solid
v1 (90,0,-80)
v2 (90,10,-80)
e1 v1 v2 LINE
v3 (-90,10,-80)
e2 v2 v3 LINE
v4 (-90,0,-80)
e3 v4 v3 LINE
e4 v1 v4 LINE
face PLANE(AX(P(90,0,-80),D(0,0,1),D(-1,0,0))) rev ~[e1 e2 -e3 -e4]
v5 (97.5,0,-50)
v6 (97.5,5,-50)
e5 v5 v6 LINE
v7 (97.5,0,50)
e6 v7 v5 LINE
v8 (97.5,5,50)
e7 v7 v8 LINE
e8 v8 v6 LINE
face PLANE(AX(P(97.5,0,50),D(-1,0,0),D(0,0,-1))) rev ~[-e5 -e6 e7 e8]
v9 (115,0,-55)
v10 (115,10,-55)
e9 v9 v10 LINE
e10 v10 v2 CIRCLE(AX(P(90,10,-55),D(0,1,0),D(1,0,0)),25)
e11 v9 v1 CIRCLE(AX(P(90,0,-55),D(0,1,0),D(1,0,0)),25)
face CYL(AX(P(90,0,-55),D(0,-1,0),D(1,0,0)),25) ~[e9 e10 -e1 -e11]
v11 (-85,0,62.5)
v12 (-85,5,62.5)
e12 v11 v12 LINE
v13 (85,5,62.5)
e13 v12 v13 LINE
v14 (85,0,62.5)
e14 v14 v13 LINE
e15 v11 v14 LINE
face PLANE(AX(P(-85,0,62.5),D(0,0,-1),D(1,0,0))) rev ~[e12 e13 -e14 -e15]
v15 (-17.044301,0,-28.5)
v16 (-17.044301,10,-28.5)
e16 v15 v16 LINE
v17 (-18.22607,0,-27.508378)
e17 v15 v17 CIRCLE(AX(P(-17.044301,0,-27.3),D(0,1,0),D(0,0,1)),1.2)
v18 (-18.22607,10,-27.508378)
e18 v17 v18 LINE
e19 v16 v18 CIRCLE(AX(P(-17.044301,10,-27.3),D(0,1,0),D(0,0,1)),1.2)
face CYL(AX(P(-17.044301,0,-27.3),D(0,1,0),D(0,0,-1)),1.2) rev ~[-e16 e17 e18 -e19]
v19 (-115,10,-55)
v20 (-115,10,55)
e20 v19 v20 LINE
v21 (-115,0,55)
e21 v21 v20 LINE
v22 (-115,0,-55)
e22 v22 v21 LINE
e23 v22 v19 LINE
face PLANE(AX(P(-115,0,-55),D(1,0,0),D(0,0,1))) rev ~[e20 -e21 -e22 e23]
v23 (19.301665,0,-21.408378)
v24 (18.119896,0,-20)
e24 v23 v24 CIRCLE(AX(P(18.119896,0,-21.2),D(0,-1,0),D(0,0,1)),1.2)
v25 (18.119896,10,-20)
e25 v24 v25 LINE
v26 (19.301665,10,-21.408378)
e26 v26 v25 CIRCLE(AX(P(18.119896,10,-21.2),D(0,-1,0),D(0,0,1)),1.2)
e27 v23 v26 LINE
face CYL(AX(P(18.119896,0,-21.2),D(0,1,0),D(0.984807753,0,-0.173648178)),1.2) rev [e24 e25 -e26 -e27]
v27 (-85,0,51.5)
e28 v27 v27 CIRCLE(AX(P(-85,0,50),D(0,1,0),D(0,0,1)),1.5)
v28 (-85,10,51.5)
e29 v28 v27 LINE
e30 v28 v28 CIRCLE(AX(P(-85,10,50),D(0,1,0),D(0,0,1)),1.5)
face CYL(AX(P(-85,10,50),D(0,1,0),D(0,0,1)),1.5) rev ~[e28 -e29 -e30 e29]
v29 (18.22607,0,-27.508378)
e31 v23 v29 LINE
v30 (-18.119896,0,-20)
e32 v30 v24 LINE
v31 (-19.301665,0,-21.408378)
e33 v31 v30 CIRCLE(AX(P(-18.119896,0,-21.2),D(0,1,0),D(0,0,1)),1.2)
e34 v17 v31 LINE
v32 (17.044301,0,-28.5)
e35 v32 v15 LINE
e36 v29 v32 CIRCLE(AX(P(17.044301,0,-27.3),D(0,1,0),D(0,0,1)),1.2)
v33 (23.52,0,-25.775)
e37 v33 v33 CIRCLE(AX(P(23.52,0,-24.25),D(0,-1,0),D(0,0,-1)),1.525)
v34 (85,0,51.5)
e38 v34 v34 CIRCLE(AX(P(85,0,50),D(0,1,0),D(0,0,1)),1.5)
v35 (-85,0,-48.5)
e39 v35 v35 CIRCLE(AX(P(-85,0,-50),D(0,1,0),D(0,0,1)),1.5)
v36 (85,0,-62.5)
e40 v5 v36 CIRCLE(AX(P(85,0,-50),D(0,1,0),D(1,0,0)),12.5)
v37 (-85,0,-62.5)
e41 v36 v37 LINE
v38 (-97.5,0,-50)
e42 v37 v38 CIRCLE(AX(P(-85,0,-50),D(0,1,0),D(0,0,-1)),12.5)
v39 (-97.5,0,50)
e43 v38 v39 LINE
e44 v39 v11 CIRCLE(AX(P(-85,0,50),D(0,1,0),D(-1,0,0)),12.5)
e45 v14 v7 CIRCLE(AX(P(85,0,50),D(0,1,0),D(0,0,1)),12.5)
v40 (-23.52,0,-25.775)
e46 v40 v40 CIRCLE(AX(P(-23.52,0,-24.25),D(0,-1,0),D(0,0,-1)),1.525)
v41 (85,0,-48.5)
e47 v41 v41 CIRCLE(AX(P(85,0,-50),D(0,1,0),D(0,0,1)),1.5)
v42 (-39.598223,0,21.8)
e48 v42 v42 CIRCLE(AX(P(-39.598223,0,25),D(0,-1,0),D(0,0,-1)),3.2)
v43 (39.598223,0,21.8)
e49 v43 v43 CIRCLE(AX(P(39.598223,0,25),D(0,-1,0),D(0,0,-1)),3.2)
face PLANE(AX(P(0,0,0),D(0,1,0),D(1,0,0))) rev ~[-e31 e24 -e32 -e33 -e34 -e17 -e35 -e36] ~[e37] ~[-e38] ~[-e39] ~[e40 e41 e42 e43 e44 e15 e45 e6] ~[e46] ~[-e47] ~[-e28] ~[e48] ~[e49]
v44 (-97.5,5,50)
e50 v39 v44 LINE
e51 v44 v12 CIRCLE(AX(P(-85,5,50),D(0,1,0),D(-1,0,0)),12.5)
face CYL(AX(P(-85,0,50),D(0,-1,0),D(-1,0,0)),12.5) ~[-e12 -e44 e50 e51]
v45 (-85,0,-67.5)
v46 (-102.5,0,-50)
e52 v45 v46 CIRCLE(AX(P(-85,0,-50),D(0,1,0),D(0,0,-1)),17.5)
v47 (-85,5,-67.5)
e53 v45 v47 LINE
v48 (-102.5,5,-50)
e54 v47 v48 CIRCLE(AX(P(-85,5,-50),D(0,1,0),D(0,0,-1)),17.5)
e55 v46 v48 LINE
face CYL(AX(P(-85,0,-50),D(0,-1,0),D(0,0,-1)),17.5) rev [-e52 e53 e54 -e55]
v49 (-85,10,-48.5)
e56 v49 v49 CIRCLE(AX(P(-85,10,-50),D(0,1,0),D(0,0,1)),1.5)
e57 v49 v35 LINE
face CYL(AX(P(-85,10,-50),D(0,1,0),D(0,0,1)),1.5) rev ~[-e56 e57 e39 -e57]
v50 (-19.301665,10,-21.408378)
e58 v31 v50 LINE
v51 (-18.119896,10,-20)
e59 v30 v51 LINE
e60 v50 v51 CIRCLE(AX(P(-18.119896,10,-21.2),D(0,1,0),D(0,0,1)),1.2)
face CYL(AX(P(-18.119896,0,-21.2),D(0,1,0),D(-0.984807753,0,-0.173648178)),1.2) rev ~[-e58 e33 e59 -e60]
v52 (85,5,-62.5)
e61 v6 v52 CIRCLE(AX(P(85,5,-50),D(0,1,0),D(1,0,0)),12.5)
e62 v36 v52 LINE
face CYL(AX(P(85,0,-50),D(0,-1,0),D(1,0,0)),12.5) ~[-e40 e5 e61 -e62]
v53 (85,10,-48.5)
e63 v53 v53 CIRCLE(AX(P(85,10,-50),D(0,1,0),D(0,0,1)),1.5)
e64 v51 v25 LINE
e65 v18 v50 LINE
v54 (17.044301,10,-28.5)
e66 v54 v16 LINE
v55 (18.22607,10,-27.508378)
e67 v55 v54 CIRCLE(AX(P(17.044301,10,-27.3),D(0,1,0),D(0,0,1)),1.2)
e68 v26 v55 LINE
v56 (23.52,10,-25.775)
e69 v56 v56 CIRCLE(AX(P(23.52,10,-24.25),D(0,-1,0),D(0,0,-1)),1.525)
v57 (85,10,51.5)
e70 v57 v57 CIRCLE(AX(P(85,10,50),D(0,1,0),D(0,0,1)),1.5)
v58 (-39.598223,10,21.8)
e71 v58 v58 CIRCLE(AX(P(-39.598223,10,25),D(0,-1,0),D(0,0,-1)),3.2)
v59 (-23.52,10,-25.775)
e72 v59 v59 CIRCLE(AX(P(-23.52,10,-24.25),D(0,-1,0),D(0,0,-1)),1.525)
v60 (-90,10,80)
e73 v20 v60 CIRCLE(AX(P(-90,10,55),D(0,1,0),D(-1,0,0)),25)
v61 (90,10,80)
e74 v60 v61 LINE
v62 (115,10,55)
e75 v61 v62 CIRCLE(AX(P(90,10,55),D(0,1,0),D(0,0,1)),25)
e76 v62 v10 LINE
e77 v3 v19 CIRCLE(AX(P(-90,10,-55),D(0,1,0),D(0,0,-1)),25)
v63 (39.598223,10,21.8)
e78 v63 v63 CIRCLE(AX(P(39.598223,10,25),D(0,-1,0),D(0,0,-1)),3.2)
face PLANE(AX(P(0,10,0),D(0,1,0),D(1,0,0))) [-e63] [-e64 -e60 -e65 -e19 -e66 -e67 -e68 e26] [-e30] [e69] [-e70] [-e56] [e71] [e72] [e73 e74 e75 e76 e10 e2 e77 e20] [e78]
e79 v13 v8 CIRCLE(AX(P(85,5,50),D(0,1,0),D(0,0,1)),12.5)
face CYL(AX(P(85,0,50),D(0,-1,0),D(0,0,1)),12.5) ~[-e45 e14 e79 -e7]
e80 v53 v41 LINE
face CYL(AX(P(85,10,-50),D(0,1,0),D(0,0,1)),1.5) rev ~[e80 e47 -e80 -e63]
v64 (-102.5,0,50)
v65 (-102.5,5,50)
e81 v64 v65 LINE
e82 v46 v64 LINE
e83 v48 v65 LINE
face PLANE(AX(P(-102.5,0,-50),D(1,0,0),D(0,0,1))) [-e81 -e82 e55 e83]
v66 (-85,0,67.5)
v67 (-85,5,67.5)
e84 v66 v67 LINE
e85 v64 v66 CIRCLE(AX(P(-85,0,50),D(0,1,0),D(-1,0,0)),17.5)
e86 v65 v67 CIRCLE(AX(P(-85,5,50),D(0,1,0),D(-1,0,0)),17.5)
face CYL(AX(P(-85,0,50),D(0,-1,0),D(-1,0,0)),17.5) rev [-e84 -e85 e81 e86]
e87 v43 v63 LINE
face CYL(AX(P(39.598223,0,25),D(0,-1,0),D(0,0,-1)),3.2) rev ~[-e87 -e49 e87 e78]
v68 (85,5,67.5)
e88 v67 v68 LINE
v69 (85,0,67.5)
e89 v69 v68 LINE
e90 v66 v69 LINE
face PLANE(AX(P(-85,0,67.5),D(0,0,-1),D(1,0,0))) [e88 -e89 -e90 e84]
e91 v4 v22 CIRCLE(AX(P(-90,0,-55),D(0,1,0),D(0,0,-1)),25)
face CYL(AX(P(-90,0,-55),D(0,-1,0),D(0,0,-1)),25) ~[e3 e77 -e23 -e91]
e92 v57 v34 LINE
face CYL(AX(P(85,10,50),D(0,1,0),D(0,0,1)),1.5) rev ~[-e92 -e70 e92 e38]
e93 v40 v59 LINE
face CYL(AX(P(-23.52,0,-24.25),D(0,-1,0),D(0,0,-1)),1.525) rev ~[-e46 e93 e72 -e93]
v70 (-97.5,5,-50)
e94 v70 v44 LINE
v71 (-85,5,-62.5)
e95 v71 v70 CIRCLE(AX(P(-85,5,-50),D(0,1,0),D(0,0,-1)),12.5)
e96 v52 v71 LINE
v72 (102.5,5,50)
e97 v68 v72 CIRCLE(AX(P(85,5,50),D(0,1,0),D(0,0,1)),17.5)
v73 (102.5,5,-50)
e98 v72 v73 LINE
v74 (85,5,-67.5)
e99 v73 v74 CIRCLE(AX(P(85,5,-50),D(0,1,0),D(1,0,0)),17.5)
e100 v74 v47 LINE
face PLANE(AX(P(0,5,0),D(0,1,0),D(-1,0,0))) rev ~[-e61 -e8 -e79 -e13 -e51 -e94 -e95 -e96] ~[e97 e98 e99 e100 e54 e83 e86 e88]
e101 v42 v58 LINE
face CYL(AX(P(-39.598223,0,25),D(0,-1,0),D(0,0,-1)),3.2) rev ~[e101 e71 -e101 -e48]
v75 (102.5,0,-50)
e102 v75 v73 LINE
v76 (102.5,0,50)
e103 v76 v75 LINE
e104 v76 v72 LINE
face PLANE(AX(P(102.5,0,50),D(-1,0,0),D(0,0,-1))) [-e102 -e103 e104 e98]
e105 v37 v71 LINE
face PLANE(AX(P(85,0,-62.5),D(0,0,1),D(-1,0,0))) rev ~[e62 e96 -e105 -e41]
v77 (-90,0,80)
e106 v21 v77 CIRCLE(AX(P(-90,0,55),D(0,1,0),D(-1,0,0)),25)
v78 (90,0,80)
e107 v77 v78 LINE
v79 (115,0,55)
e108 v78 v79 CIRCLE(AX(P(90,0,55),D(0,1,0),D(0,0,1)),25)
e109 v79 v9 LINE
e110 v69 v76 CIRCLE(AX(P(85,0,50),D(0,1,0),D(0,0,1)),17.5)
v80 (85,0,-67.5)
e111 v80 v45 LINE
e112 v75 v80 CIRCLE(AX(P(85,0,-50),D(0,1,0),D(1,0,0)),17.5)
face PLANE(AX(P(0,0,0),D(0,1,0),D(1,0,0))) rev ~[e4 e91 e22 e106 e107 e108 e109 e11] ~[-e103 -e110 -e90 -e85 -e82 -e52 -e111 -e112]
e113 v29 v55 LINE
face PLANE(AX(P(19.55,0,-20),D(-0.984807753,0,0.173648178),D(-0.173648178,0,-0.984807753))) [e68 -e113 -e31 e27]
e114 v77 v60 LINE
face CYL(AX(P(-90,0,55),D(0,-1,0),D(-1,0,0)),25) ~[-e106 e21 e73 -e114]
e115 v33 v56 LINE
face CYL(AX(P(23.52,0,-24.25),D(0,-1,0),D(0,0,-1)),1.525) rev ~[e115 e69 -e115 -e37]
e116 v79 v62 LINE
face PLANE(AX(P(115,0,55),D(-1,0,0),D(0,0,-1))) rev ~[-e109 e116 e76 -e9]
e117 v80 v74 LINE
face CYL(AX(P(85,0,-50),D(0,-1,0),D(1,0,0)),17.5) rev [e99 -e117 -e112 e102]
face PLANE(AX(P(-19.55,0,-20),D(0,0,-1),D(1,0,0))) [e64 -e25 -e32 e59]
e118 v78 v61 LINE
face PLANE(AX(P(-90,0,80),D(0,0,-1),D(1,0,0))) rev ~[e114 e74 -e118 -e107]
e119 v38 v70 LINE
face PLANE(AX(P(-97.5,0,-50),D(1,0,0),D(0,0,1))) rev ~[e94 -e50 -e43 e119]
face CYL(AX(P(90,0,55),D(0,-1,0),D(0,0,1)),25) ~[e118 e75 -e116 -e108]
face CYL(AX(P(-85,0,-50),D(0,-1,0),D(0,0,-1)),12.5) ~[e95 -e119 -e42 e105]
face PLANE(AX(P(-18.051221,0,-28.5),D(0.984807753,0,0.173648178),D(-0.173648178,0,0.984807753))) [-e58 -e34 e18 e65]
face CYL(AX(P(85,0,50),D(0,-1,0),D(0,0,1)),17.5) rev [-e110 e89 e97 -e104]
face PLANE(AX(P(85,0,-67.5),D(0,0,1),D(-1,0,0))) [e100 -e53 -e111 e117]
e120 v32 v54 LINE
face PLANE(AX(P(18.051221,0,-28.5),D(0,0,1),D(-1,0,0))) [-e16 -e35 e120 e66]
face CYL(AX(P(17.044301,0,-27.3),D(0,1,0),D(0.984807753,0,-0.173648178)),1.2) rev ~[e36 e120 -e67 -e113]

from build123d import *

# Parameters (mm, degrees)
BOSS_EXTRUDE1_DEPTH     = 10
SKETCH3_R               = 1.5
CUT_EXTRUDE1_DEPTH      = 10
SKETCH5_R               = 1.525
SKETCH5_R_2             = 3.2
CUT_EXTRUDE2_DEPTH      = 10
FILLET1_R               = 1.2
CUT_EXTRUDE_THIN1_DEPTH = 5


with BuildPart() as part:
    # Sketch1 → Boss-Extrude1 (new body)
    with BuildSketch(Plane(origin=(0, 0, 0), x_dir=(1, 0, 0), z_dir=(0, 1, 0))):
        with BuildLine():
            Line((-90, -80), (90, -80))
            ThreePointArc((90, -80), (107.67766953, -72.67766953), (115, -55))
            Line((115, -55), (115, 55))
            ThreePointArc((115, 55), (107.67766953, 72.67766953), (90, 80))
            Line((90, 80), (-90, 80))
            ThreePointArc((-90, 80), (-107.67766953, 72.67766953), (-115, 55))
            Line((-115, 55), (-115, -55))
            ThreePointArc((-115, -55), (-107.67766953, -72.67766953), (-90, -80))
        make_face()
    extrude(amount=BOSS_EXTRUDE1_DEPTH)

    # Sketch3 → Cut-Extrude1 (cut)
    with BuildSketch(Plane(origin=(0, 10, 0), x_dir=(1, 0, 0), z_dir=(0, 1, 0))):
        with Locations(Location((-85, 50, 0), (0, 0, 270))):
            Circle(SKETCH3_R)
        with Locations(Location((85, 50, 0), (0, 0, 270))):
            Circle(SKETCH3_R)
        with Locations(Location((85, -50, 0), (0, 0, 270))):
            Circle(SKETCH3_R)
        with Locations(Location((-85, -50, 0), (0, 0, 270))):
            Circle(SKETCH3_R)
    extrude(amount=-CUT_EXTRUDE1_DEPTH, mode=Mode.SUBTRACT)

    # Sketch5 → Cut-Extrude2 (cut)
    with BuildSketch(Plane.XZ):
        with Locations(Location((23.52, -24.25, 0), (0, 0, 270))):
            Circle(SKETCH5_R)
        with Locations(Location((-23.52, -24.25, 0), (0, 0, 270))):
            Circle(SKETCH5_R)
        with Locations(Location((-39.598222878, 25, 0), (0, 0, 270))):
            Circle(SKETCH5_R_2)
        with Locations(Location((39.598222878, 25, 0), (0, 0, 270))):
            Circle(SKETCH5_R_2)
        Polygon((19.55, -20), (18.051220664, -28.5), (-18.051220664, -28.5), (-19.55, -20), align=None)
    extrude(amount=-CUT_EXTRUDE2_DEPTH, mode=Mode.SUBTRACT)

    # Fillet1
    fillet1_edges = [part.edges().sort_by_distance(p)[0] for p in [
        (-18.051220664, 5, -28.5),
        (-19.55, 5, -20),
        (19.55, 5, -20),
        (18.051220664, 5, -28.5),
    ]]
    fillet(fillet1_edges, radius=FILLET1_R)

    # Sketch7 → Cut-Extrude-Thin1 (cut)
    with BuildSketch(Plane.XZ):
        with BuildLine():
            Line((-85, 67.5), (85, 67.5))
            ThreePointArc((85, 67.5), (97.374368671, 62.374368671), (102.5, 50))
            Line((102.5, 50), (102.5, -50))
            ThreePointArc((102.5, -50), (97.374368671, -62.374368671), (85, -67.5))
            Line((85, -67.5), (-85, -67.5))
            ThreePointArc((-85, -67.5), (-97.374368671, -62.374368671), (-102.5, -50))
            Line((-102.5, -50), (-102.5, 50))
            ThreePointArc((-102.5, 50), (-97.374368671, 62.374368671), (-85, 67.5))
        make_face()
        with BuildLine():
            Line((-85, 62.5), (85, 62.5))
            ThreePointArc((85, 62.5), (93.838834765, 58.838834765), (97.5, 50))
            Line((97.5, 50), (97.5, -50))
            ThreePointArc((97.5, -50), (93.838834765, -58.838834765), (85, -62.5))
            Line((85, -62.5), (-85, -62.5))
            ThreePointArc((-85, -62.5), (-93.838834765, -58.838834765), (-97.5, -50))
            Line((-97.5, -50), (-97.5, 50))
            ThreePointArc((-97.5, 50), (-93.838834765, 58.838834765), (-85, 62.5))
        make_face(mode=Mode.SUBTRACT)
    extrude(amount=-CUT_EXTRUDE_THIN1_DEPTH, mode=Mode.SUBTRACT)


solid = part.part
